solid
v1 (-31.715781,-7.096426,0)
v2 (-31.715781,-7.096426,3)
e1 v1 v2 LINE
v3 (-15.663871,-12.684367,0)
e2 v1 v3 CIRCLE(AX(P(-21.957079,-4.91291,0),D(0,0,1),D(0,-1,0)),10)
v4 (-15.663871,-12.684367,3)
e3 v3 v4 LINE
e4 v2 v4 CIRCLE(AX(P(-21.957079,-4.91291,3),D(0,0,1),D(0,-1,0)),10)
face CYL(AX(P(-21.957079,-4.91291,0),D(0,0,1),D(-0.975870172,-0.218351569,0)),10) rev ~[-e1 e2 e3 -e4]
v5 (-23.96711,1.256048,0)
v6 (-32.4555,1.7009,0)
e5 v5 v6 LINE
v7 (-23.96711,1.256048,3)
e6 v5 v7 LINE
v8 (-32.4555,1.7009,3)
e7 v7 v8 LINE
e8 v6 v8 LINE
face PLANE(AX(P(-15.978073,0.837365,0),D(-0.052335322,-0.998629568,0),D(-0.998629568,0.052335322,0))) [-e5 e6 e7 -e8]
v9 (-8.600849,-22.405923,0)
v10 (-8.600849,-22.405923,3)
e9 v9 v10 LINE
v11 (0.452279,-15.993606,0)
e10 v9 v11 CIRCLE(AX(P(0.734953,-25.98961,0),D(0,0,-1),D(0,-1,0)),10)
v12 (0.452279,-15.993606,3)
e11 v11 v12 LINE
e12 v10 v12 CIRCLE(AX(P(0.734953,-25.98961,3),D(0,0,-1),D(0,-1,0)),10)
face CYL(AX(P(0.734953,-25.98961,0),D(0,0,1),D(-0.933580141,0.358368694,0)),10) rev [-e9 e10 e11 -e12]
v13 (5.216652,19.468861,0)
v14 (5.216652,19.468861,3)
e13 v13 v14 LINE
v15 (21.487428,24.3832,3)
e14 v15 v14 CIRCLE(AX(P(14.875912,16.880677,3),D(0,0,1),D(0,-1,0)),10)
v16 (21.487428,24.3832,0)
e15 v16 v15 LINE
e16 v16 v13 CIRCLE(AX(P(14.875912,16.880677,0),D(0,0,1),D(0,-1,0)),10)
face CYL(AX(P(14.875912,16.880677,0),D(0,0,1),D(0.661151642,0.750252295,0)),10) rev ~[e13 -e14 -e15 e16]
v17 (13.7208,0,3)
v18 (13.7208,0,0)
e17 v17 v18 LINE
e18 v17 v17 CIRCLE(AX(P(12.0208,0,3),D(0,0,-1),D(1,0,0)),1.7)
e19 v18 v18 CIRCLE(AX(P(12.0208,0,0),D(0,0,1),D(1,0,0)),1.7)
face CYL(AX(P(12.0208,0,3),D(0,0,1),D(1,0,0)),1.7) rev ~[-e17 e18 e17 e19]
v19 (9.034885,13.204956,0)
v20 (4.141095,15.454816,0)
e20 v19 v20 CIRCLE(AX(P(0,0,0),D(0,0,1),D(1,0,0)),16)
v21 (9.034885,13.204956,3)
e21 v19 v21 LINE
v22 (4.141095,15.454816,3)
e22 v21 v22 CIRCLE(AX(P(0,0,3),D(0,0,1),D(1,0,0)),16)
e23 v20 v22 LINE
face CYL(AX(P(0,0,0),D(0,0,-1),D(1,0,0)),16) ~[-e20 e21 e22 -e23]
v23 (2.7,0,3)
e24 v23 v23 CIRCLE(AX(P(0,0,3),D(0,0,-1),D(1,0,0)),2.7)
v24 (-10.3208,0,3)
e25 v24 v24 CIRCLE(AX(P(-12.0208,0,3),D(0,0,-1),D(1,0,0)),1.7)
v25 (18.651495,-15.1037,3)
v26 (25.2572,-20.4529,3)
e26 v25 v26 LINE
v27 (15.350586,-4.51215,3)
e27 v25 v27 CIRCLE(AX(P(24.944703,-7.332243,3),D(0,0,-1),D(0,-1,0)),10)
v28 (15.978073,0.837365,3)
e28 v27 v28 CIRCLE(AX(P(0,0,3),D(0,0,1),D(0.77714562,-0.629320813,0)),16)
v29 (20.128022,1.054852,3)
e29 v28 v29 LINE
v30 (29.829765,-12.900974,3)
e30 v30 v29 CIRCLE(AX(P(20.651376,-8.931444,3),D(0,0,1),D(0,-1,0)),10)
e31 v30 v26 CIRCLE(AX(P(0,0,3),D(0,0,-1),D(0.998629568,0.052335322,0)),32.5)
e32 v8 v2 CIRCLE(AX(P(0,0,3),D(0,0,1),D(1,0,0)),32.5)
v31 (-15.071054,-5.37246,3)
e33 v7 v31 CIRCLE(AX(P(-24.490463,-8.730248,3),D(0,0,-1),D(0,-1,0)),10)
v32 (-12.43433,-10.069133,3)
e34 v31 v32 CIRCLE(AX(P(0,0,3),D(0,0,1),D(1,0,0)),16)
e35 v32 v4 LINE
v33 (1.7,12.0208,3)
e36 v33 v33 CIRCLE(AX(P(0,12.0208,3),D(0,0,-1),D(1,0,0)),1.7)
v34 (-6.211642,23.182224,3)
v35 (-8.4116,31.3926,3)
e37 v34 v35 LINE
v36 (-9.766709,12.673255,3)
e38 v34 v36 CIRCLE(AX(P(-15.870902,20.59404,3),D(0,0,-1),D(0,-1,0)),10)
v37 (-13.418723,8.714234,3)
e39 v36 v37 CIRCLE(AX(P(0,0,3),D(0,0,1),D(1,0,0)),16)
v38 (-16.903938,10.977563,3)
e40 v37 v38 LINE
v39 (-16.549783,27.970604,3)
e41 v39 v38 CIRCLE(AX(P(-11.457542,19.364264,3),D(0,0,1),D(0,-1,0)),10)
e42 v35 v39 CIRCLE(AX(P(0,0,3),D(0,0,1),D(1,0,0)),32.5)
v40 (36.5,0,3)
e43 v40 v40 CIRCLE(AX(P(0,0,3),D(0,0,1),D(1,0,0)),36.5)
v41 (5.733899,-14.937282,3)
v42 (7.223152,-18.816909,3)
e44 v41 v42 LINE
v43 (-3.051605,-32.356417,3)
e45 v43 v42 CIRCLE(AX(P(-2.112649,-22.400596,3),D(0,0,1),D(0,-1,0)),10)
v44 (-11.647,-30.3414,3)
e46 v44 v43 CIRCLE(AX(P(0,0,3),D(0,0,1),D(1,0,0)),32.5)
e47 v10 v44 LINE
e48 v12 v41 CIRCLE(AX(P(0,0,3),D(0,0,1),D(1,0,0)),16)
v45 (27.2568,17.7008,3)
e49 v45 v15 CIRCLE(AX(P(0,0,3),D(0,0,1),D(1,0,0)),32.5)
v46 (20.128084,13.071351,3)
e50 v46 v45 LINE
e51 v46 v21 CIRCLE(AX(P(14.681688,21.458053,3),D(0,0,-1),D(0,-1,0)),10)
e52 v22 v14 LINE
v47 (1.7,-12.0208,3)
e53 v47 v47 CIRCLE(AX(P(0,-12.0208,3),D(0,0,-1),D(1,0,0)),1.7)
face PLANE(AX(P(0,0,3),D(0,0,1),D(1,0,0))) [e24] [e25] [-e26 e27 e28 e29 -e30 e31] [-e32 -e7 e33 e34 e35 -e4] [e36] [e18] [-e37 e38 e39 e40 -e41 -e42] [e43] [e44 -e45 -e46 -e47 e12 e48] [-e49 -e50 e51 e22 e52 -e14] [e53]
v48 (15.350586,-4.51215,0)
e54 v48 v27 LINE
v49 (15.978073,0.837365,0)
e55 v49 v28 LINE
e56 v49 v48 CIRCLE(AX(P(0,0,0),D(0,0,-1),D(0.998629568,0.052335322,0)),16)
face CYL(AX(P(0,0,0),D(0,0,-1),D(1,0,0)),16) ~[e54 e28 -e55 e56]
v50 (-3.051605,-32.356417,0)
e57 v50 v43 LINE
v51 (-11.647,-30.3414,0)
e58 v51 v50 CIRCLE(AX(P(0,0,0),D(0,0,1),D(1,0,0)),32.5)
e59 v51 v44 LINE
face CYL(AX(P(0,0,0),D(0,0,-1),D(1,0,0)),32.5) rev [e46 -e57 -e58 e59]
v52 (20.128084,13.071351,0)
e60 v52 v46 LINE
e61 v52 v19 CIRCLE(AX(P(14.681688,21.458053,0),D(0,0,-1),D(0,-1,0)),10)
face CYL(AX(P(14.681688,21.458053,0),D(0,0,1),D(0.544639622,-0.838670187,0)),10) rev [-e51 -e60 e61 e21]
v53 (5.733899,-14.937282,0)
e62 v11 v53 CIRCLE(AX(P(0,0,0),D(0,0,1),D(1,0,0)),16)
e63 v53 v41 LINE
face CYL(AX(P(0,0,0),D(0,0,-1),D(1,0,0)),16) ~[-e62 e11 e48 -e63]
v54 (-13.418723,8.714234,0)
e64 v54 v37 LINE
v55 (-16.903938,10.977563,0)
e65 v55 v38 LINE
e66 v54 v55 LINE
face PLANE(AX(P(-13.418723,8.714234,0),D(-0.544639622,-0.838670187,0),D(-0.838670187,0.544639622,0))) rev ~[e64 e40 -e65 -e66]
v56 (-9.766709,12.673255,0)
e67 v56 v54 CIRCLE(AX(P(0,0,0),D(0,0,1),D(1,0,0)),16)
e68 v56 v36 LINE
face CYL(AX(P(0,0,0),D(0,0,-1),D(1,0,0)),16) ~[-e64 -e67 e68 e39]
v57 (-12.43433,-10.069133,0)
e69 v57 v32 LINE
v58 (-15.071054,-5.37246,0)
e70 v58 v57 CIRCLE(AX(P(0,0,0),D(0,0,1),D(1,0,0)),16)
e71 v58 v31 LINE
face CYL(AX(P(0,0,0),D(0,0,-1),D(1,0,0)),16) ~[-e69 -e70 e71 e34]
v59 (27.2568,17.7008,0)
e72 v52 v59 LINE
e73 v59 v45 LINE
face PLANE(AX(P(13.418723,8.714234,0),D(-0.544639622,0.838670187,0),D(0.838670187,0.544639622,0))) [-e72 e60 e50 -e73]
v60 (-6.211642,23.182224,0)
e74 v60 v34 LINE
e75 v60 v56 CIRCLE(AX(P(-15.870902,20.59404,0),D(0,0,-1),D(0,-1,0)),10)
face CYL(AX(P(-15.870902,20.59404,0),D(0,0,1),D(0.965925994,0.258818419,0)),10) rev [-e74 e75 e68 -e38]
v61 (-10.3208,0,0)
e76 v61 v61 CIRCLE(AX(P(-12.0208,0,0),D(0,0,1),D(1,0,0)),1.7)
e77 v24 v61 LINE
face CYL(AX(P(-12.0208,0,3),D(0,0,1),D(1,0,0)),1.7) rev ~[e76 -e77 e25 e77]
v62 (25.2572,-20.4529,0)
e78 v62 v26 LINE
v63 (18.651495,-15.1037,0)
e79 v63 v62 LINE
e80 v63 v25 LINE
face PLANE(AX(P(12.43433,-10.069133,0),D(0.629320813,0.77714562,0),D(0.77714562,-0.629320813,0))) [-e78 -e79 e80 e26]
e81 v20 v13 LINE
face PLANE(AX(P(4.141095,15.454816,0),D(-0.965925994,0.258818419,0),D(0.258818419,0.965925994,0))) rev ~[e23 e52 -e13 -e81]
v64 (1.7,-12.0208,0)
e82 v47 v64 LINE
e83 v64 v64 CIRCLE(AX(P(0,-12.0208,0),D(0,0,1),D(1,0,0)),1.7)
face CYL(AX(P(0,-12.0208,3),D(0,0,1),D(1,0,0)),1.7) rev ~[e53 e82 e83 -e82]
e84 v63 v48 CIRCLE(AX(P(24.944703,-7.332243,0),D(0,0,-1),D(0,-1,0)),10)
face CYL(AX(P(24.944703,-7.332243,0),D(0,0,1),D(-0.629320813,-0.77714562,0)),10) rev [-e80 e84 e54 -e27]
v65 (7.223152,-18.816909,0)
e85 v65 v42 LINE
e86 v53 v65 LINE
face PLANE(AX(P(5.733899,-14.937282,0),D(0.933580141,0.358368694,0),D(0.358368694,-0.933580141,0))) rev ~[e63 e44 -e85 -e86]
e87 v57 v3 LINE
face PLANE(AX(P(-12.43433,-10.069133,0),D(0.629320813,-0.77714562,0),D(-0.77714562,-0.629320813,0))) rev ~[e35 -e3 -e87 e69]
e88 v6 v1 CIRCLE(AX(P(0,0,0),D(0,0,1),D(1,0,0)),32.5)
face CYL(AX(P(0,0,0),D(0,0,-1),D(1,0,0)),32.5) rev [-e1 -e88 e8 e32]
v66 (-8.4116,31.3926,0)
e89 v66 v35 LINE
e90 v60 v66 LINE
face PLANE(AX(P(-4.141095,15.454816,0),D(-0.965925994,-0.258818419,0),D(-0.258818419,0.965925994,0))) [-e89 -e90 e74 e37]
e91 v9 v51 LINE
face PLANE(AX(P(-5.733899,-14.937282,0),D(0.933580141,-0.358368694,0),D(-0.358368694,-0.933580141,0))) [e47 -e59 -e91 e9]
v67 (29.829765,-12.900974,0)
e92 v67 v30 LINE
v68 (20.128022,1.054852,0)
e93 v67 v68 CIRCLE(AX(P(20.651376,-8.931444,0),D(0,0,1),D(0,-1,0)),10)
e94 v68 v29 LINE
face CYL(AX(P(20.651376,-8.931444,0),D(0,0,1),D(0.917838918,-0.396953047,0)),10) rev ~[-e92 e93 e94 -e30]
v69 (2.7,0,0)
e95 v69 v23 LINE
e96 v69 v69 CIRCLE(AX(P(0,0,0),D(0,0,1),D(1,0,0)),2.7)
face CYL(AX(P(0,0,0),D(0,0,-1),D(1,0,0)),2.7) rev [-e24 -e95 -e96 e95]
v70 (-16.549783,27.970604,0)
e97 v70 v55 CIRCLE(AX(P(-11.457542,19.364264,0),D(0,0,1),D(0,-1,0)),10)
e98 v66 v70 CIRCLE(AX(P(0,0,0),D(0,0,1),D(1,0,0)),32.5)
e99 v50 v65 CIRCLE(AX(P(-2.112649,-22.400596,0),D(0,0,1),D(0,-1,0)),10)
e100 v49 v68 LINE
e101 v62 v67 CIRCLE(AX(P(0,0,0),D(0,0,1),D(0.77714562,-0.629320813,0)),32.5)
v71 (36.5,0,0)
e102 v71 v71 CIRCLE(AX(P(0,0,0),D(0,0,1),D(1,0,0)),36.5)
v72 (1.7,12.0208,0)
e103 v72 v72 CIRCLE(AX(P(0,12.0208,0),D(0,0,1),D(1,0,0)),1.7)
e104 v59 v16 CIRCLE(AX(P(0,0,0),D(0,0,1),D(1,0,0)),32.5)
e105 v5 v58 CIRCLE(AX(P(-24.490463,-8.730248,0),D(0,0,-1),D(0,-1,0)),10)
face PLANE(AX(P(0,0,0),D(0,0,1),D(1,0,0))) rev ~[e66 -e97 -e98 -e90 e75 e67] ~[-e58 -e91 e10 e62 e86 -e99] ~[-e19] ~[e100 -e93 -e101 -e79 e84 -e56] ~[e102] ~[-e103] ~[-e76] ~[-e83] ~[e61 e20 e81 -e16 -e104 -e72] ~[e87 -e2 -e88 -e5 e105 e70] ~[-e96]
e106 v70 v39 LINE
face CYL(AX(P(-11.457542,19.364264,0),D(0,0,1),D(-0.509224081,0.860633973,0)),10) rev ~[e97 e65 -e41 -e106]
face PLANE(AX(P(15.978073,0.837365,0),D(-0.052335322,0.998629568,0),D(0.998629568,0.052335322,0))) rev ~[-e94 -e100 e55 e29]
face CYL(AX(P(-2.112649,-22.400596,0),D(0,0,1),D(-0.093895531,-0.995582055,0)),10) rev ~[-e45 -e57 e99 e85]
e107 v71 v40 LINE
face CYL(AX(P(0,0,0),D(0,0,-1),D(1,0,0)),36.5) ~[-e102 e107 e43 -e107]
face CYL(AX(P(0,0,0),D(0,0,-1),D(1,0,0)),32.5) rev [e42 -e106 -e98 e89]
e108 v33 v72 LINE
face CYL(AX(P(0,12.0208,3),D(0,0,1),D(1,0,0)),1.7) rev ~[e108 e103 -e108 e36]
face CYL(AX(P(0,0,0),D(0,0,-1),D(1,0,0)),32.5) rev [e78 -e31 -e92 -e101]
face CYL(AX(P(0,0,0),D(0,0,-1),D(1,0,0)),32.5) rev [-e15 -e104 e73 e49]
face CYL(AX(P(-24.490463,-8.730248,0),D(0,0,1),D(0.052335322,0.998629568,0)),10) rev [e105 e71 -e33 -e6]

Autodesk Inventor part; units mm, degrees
ref_plane "YZ Plane" through (0, 0, 0) normal (1, 0, 0) x (0, 1, 0)
ref_plane "XZ Plane" through (0, 0, 0) normal (0, 1, 0) x (-1, 0, 0)
ref_plane "XY Plane" through (0, 0, 0) normal (0, 0, 1) x (1, 0, 0)
sketch "Sketch1" plane through (0, 0, 0) normal (0, 0, 1) x (1, 0, 0)
  circle A0 centre (0, 0) radius 36.5
  circle A1 centre (0, 0) radius 32.5
  circle A2 centre (0, 0) radius 16
  circle A3 centre (0, 0) radius 2.7
  line L0 (0, 0) -> (-8.4116, 31.3926)
  line L1 (0, 0) -> (8.4116, 31.3926)
  line L2 (0, 0) -> (0, 4.5704)
  line L3 (0, 0) -> (-32.4555, 1.7009)
  line L4 (0, 0) -> (-27.2568, 17.7008)
  line L5 (0, 0) -> (-11.647, -30.3414)
  line L6 (0, 0) -> (-25.2572, -20.4529)
  line L7 (0, 0) -> (25.2572, -20.4529)
  line L8 (0, 0) -> (11.647, -30.3414)
  line L9 (0, 0) -> (27.2568, 17.7008)
  line L10 (0, 0) -> (32.4555, 1.7009)
  point P0 (4.1411, 15.4548)
  point P1 (13.4187, 8.7142)
  point P2 (-4.1411, 15.4548)
  point P3 (-13.4187, 8.7142)
  point P4 (12.4343, -10.0691)
  point P5 (15.9781, 0.8374)
  point P6 (-5.7339, -14.9373)
  point P7 (5.7339, -14.9373)
  point P8 (-15.9781, 0.8374)
  point P9 (-12.4343, -10.0691)
  dimension "d0" = 73
  dimension "d1" = 65
  dimension "d2" = 5.4
  dimension "d3" = 32
  dimension "d4" = 15
  dimension "d5" = 15
  dimension "d8" = 360
extrude "Extrusion1" add sketch "Sketch1" along normal blind 3 contours A0 | L10 A2 L9 A1 | A1 L8 A2 L7 | L10 A3 L9 A2 | A2 L7 A3 L10 | A2 L8 A3 L7 | L1 A2 L0 A1 | L9 A3 L1 A2 | A1 L6 A2 L5 | A2 L5 A3 L8 | L1 A3 L0 A2 | A2 L6 A3 L5 | L4 A2 L3 A1 | L0 A3 L4 A2 | L3 A2 L4 A3 | A3 L6 A2 L3
fillet "Fillet1" radius 10 10 edges at (8.4116, 31.3926, 1.5) (-27.2568, 17.7008, 1.5) (-25.2572, -20.4529, 1.5) (11.647, -30.3414, 1.5) (32.4555, 1.7009, 1.5) (-15.9781, 0.8374, 1.5) (-4.1411, 15.4548, 1.5) (13.4187, 8.7142, 1.5) (12.4343, -10.0691, 1.5) (-5.7339, -14.9373, 1.5)
sketch "Sketch2" plane through (0, 0, 3) normal (0, 0, 1) x (1, 0, 0)
  circle A0 centre (0, 12.0208) radius 1.7
  circle A1 centre (-12.0208, 0) radius 1.7
  circle A2 centre (0, -12.0208) radius 1.7
  circle A3 centre (12.0208, 0) radius 1.7
  line L0 (0, 12.0208) -> (-12.0208, 0)
  line L1 (-12.0208, 0) -> (0, -12.0208)
  line L2 (0, -12.0208) -> (12.0208, 0)
  line L3 (12.0208, 0) -> (0, 12.0208)
  point P0 (0, 0)
  dimension "d13" = 17
  dimension "d14" = 17
  dimension "d15" = 3.4
  dimension "d16" = 3.4
  dimension "d17" = 3.4
  dimension "d18" = 3.4
extrude "Extrusion2" cut sketch "Sketch2" against normal blind 3 contours A0 L3 L0 | L0 L3 A0 | L0 L1 A1 | A1 L1 L0 | L3 L2 A3 | A3 L2 L3 | L1 L2 A2 | A2 L2 L1
properties part number "Wheel_2D_1"
